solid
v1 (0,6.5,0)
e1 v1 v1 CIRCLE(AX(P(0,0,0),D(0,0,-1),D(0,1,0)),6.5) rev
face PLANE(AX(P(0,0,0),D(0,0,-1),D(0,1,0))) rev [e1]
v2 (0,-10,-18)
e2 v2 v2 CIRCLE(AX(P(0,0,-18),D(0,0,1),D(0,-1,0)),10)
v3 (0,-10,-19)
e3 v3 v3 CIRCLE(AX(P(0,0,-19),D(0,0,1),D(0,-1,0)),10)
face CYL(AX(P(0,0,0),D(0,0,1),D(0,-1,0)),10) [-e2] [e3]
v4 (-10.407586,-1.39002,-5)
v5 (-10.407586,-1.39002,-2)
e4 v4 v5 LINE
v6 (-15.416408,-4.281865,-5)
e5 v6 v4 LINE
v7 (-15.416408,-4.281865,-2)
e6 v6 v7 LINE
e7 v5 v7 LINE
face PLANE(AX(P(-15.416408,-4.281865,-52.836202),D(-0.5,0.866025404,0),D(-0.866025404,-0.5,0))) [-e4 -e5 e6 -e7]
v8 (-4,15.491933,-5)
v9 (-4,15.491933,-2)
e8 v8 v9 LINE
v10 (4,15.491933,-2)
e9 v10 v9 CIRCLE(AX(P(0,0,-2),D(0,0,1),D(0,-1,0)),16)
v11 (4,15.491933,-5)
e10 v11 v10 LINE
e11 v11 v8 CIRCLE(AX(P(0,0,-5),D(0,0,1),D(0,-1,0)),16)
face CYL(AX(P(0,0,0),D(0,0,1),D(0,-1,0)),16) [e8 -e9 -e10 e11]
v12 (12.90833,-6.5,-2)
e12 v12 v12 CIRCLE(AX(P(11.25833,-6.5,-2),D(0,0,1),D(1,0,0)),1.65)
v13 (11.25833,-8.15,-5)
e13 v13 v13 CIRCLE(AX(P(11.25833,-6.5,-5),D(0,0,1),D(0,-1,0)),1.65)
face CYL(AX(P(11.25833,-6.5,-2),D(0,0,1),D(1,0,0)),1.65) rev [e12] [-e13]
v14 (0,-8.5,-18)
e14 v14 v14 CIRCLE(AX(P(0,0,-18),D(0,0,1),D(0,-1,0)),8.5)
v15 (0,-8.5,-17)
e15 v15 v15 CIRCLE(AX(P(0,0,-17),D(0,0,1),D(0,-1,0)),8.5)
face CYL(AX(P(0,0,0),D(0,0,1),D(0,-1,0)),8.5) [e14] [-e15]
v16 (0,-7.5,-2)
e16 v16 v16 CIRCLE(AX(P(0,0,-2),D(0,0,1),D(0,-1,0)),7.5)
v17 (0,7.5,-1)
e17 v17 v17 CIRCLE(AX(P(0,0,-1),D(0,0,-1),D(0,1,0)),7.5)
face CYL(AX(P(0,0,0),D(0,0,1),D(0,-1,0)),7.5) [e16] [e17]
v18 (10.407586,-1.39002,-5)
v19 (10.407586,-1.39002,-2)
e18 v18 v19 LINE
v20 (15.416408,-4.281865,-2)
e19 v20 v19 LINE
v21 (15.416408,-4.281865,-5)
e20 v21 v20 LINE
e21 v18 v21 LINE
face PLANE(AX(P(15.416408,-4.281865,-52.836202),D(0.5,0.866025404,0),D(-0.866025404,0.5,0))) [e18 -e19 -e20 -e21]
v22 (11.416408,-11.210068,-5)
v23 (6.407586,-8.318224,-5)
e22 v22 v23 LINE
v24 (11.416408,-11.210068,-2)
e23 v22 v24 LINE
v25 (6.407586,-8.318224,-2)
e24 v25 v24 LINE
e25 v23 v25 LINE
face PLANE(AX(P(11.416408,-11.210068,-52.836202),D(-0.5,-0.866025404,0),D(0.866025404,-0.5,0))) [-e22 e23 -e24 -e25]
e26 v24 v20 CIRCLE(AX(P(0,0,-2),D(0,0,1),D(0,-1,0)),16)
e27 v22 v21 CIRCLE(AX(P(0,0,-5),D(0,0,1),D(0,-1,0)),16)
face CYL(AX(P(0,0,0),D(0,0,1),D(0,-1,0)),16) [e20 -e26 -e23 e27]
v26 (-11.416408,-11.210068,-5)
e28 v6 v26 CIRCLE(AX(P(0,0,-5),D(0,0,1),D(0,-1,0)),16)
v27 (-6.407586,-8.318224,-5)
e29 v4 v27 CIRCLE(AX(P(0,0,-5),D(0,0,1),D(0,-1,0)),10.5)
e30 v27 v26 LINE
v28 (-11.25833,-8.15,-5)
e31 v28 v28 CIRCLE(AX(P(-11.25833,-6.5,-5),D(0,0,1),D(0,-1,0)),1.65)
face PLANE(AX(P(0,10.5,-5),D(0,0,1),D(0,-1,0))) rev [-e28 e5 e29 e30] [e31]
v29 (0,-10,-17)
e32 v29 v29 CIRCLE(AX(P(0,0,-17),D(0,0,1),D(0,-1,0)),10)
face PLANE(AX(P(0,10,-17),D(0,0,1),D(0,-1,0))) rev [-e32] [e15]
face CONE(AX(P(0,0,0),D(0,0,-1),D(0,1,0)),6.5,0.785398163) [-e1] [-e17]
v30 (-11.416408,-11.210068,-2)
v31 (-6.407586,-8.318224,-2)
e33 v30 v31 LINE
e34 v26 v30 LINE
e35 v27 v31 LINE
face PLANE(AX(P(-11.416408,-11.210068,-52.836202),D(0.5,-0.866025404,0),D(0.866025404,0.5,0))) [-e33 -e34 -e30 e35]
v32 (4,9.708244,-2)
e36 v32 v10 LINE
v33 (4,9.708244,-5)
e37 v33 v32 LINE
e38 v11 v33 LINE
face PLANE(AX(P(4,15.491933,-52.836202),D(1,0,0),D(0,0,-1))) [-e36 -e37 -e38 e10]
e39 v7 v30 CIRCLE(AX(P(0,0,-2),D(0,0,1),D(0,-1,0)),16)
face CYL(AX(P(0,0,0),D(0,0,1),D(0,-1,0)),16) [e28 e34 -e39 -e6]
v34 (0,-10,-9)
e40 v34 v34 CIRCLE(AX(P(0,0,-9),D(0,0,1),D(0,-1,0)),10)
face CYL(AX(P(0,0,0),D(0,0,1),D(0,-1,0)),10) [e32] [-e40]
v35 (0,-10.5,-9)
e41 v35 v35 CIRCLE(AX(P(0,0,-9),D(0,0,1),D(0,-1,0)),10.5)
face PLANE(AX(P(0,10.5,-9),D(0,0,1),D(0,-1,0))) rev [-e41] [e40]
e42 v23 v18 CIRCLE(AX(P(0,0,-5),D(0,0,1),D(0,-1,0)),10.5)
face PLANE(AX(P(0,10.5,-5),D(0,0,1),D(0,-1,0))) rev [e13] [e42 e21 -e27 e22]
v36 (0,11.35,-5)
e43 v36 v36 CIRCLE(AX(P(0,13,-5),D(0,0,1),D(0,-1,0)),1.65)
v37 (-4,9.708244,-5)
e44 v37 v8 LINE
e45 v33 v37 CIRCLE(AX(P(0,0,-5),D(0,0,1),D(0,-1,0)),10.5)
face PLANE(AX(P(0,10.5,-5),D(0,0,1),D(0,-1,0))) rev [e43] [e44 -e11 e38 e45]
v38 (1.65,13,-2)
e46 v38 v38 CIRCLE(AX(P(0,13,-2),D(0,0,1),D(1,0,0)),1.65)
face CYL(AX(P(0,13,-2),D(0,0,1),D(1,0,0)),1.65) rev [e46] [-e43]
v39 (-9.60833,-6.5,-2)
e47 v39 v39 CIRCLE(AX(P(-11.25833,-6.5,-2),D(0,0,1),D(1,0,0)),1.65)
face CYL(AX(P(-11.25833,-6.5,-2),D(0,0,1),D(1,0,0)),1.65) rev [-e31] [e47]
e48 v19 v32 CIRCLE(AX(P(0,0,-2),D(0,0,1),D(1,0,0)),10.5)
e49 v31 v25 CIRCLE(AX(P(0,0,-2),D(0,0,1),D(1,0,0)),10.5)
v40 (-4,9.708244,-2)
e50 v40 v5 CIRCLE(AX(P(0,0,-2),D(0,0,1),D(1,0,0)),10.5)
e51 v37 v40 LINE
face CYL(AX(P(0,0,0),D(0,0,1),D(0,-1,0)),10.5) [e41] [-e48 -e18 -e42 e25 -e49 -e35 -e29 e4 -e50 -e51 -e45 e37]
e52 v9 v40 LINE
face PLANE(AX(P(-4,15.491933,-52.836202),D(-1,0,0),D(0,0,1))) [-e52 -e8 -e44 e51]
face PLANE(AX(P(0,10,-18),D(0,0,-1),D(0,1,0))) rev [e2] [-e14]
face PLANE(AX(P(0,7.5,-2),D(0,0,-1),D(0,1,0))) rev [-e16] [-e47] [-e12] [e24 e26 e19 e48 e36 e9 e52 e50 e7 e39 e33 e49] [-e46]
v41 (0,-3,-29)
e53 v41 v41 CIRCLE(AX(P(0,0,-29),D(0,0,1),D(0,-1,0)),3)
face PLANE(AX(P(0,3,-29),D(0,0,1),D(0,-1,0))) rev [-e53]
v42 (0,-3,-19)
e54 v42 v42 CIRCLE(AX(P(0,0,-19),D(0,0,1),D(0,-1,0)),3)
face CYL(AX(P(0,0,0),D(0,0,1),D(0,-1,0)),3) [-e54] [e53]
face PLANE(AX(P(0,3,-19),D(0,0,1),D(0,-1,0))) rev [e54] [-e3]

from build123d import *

# Parameters (mm, degrees)
HOLE_WIZARD_M4_1_D  = 3.3
SKETCH_4_OUTSIDE_W  = 44.75
SKETCH_4_OUTSIDE_H  = 44.75
CUT_EXTRUDE_4_DEPTH = 3
CHAMFER_1_SIZE      = 1


with BuildPart() as part:
    # 草图1 → 旋转1 (revolve)
    with BuildSketch(Plane(origin=(0, 0, 0), x_dir=(0, 0, -1), z_dir=(1, 0, 0)), mode=Mode.PRIVATE) as revolve_1_sk:
        Polygon((0, 0), (29, 0), (29, 3), (19, 3), (19, 10), (18, 10), (18, 8.5), (17, 8.5), (17, 10), (9, 10), (9, 10.5), (5, 10.5), (5, 16), (2, 16), (2, 7.5), (0, 7.5), align=None)
    revolve(revolve_1_sk.sketch.rotate(Axis((0, 0, 0), (0, 0, -1)), 180), axis=Axis((0, 0, 0), (0, 0, -1)))

    # M4 螺纹孔1 (through all)
    with Locations(Plane.XY.offset(-2)):
        with Locations((0, 13), (11.258330249, -6.5), (-11.258330249, -6.5)):
            Hole(HOLE_WIZARD_M4_1_D / 2)

    # 草图4 outside → 切除-拉伸4 (cut)
    with BuildSketch(Plane.XY.offset(-2)):
        Rectangle(SKETCH_4_OUTSIDE_W, SKETCH_4_OUTSIDE_H)
        with BuildLine():
            Line((4, 15.491933385), (4, 9.708243919))
            ThreePointArc((4, 9.708243919), (9.09326674, 5.25), (10.40758586, -1.390020345))
            Line((10.40758586, -1.390020345), (15.416407865, -4.281865077))
            ThreePointArc((15.416407865, -4.281865077), (13.856406461, -8), (11.416407865, -11.210068308))
            Line((11.416407865, -11.210068308), (6.40758586, -8.318223575))
            ThreePointArc((6.40758586, -8.318223575), (0, -10.5), (-6.40758586, -8.318223575))
            Line((-6.40758586, -8.318223575), (-11.416407865, -11.210068308))
            ThreePointArc((-11.416407865, -11.210068308), (-13.856406461, -8), (-15.416407865, -4.281865077))
            Line((-15.416407865, -4.281865077), (-10.40758586, -1.390020345))
            ThreePointArc((-10.40758586, -1.390020345), (-9.09326674, 5.25), (-4, 9.708243919))
            Line((-4, 9.708243919), (-4, 15.491933385))
            ThreePointArc((-4, 15.491933385), (0, 16), (4, 15.491933385))
        make_face(mode=Mode.SUBTRACT)
    extrude(amount=-CUT_EXTRUDE_4_DEPTH, mode=Mode.SUBTRACT)

    # 倒角1
    chamfer_1_edges = [part.edges().sort_by_distance(p)[0] for p in [
        (0, 7.5, 0),
    ]]
    chamfer(chamfer_1_edges, length=CHAMFER_1_SIZE)


solid = part.part
